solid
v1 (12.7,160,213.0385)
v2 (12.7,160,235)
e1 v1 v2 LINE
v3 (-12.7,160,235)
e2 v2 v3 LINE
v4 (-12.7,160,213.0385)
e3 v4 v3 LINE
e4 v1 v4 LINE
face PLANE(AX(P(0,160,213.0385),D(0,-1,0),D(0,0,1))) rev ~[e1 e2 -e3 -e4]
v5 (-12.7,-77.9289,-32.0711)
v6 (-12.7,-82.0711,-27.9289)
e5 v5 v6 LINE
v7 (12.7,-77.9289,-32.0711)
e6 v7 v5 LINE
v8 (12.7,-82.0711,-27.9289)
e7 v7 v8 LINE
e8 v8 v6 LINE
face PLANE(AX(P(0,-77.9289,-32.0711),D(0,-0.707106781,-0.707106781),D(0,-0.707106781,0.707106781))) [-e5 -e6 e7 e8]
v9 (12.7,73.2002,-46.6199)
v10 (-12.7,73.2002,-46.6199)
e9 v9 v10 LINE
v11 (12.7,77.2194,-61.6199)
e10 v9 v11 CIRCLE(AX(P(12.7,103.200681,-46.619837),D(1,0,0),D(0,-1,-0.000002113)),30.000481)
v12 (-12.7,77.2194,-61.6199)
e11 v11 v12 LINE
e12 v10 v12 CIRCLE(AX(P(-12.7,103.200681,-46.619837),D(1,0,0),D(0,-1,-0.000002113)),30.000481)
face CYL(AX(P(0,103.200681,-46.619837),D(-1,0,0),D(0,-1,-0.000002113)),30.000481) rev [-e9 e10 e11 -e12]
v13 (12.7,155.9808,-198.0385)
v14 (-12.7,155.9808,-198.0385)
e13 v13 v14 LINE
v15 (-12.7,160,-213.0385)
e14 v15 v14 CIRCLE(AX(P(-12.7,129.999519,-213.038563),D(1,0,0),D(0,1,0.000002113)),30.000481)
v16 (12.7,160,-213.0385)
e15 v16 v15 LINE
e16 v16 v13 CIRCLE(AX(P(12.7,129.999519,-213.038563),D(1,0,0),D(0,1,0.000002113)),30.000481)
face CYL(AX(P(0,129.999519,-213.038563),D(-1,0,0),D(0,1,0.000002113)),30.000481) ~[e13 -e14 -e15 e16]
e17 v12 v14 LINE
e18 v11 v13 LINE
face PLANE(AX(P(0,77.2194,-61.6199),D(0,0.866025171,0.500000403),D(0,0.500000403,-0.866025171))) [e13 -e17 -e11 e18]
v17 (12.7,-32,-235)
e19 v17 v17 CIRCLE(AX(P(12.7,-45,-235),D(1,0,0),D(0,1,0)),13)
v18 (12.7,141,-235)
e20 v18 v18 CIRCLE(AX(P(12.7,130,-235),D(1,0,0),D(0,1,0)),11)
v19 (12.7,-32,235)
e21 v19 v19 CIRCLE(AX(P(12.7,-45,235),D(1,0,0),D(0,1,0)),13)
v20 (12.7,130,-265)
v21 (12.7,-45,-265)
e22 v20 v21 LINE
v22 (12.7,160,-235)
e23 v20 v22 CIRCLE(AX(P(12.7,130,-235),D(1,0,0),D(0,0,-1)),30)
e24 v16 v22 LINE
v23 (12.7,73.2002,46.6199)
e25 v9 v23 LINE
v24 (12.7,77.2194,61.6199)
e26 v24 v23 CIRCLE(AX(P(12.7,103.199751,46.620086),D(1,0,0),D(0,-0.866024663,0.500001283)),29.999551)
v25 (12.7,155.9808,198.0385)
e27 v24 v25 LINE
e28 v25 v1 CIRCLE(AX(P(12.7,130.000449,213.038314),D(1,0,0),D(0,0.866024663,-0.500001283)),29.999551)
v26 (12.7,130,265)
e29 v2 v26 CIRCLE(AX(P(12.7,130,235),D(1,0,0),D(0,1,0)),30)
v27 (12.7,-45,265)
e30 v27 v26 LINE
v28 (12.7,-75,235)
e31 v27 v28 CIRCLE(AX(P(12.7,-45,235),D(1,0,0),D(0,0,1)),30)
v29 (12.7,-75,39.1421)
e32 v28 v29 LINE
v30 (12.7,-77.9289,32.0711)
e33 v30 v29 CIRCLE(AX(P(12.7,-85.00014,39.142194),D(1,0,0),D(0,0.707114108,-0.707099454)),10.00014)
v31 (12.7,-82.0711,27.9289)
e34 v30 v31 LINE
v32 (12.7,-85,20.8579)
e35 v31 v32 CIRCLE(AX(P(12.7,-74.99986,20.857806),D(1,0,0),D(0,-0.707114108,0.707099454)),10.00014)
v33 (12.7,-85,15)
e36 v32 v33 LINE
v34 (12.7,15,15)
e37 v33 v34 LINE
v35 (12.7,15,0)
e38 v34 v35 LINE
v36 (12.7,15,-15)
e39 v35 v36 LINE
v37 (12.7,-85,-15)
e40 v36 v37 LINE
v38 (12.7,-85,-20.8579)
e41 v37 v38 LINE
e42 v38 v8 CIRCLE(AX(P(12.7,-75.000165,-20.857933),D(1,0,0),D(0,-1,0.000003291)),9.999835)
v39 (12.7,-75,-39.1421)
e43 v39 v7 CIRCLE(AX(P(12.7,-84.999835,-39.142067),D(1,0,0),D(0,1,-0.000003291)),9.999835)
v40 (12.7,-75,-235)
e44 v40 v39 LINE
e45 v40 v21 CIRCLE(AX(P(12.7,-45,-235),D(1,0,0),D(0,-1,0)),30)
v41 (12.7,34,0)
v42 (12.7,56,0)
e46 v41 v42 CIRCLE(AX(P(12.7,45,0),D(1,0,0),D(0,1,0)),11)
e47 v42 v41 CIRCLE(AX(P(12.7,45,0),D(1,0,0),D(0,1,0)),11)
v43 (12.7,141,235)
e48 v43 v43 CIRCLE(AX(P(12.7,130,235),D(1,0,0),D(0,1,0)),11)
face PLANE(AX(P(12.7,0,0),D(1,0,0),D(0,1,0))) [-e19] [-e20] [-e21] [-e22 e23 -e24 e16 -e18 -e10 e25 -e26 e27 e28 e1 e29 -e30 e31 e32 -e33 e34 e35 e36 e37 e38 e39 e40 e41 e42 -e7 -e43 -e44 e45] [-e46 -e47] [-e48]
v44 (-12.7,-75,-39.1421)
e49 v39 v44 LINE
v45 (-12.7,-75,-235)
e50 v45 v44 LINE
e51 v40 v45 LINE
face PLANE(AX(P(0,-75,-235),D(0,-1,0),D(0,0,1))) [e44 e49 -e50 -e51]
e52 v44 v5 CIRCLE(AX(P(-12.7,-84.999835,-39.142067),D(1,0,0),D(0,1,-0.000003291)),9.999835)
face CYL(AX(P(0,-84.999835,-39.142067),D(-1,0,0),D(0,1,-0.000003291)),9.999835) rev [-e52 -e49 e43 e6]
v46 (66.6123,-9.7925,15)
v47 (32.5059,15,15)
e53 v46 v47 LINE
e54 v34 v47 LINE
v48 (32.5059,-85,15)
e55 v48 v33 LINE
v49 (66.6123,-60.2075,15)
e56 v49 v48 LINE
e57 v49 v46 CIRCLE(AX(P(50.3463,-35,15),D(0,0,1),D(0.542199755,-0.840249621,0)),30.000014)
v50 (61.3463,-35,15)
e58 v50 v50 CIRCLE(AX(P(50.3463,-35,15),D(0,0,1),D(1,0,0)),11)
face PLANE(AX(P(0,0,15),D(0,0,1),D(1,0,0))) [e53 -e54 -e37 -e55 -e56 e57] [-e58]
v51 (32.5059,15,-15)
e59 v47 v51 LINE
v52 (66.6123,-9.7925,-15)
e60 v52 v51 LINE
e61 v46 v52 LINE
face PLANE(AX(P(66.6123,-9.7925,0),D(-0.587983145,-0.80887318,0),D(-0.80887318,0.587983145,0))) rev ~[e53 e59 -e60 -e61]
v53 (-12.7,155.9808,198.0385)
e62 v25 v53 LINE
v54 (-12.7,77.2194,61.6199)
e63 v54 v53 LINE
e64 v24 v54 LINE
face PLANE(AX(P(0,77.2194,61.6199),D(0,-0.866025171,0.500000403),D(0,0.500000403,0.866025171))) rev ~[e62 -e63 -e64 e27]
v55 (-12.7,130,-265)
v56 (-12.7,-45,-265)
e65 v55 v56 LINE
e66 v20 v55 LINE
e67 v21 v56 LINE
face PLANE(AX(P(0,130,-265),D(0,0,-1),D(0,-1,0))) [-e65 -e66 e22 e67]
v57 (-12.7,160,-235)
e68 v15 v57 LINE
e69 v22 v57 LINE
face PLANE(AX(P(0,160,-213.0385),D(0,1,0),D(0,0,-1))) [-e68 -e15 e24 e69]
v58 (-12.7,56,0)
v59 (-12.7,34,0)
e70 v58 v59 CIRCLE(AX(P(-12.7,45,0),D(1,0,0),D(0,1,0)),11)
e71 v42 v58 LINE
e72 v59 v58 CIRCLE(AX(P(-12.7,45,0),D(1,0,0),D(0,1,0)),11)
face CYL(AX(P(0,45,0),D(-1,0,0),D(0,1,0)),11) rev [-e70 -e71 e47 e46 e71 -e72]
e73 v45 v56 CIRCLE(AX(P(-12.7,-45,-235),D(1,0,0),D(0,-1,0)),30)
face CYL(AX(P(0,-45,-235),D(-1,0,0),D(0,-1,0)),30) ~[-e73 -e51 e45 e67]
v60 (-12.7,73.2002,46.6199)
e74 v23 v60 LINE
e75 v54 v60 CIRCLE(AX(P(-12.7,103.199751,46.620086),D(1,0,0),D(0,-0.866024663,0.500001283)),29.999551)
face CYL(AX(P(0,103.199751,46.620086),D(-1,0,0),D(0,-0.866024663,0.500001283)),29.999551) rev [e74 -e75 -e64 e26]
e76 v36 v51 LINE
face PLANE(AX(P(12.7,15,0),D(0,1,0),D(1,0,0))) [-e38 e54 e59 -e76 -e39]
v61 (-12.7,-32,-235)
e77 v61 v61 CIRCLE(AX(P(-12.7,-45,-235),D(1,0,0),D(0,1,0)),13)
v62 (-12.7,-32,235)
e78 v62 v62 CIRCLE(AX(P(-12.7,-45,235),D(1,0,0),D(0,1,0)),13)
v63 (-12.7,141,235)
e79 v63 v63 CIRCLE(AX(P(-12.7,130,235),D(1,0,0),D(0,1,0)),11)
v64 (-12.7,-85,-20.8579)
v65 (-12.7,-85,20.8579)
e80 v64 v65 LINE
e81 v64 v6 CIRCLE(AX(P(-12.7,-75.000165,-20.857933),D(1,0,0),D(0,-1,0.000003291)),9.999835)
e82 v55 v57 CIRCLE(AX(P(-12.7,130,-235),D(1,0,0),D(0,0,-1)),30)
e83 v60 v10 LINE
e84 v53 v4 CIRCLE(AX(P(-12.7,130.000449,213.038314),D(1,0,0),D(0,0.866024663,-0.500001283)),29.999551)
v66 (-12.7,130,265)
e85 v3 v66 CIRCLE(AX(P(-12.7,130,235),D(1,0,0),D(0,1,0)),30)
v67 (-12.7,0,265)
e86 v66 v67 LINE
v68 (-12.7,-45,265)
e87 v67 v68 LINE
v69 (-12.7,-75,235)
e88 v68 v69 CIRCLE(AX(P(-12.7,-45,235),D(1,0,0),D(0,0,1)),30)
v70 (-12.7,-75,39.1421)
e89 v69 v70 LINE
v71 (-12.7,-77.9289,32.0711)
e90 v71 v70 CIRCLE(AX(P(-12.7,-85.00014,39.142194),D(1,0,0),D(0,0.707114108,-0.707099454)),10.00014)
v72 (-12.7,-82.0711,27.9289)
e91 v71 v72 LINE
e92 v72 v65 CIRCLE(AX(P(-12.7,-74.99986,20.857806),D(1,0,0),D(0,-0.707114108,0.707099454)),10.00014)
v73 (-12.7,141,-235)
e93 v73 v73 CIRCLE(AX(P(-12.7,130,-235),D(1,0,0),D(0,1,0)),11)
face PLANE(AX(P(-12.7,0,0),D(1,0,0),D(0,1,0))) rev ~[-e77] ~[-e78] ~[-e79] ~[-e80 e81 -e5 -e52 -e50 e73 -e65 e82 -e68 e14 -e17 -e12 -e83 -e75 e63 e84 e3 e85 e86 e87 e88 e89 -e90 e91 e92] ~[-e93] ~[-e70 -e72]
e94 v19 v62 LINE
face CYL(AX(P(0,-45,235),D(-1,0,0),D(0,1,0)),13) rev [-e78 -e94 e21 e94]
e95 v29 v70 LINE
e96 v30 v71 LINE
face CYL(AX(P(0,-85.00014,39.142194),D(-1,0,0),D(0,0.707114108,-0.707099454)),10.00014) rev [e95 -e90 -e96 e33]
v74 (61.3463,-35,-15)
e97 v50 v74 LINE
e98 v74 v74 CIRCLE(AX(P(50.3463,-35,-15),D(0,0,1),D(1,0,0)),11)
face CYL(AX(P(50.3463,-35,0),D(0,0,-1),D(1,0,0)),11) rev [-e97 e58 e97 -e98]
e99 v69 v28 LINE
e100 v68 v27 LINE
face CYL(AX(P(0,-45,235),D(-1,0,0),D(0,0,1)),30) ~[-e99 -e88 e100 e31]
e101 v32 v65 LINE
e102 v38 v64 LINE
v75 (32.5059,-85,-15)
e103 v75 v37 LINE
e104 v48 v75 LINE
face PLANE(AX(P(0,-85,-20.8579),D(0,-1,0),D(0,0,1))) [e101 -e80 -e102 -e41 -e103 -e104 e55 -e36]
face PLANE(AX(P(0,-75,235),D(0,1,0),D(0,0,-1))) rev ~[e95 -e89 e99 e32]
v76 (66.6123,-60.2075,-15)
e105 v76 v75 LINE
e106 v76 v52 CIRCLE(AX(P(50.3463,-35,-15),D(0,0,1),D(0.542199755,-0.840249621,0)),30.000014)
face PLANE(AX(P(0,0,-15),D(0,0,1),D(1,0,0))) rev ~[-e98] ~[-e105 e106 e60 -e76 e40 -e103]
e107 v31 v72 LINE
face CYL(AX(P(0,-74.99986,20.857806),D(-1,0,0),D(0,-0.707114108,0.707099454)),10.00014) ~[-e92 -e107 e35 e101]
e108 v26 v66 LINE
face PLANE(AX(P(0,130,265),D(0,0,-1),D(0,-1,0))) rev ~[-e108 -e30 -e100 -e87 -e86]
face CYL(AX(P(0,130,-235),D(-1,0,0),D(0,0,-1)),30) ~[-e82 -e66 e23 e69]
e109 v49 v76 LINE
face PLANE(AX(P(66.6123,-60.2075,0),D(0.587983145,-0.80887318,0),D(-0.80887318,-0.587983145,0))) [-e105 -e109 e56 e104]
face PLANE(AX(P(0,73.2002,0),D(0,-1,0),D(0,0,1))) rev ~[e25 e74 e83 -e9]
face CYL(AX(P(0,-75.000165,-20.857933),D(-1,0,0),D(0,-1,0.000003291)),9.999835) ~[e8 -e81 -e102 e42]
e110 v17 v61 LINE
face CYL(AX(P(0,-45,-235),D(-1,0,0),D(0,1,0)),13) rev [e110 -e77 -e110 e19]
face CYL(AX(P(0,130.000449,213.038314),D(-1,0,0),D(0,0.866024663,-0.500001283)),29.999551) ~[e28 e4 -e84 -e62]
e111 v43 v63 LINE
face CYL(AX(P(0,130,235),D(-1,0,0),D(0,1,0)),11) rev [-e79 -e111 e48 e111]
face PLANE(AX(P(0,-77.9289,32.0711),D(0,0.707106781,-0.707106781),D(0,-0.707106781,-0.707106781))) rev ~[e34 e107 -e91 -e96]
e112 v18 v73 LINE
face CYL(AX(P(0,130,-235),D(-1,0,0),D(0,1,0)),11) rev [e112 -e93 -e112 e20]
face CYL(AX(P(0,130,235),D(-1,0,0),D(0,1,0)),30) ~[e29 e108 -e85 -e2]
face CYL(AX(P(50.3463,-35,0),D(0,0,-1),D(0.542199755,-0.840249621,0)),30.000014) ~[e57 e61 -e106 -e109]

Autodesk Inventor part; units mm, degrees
ref_plane "YZ Plane" through (0, 0, 0) normal (1, 0, 0) x (0, 1, 0)
ref_plane "XZ Plane" through (0, 0, 0) normal (0, 1, 0) x (-1, 0, 0)
ref_plane "XY Plane" through (0, 0, 0) normal (0, 0, 1) x (1, 0, 0)
sketch "Sketch1" plane through (0, 0, 0) normal (1, 0, 0) x (0, 1, 0)
  circle A0 centre (45, 0) radius 11
  line L0 (45, 0) -> (0, 0)
  circle A1 centre (130, 235) radius 11
  line L1 (73.2002, 0) -> (73.2002, 46.6199)
  line L2 (77.2194, 61.6199) -> (155.9808, 198.0385)
  line L3 (160, 213.0385) -> (160, 235)
  arc A2 (160, 235) -> (130, 265) centre (130, 235) ccw
  line L4 (130, 235) -> (130, 265) construction
  line L5 (130, 235) -> (160, 235) construction
  line L6 (130, 265) -> (-45, 265)
  line L7 (0, 0) -> (0, 265)
  circle A3 centre (-45, 235) radius 13
  arc A4 (-45, 265) -> (-75, 235) centre (-45, 235) ccw
  line L8 (-45, 235) -> (-75, 235) construction
  line L9 (-45, 235) -> (-45, 265) construction
  line L10 (-75, 235) -> (-75, 39.1421)
  line L11 (0, 0) -> (-45, 0)
  circle A5 centre (130, -235) radius 11
  line L12 (73.2002, 0) -> (73.2002, -46.6199)
  line L13 (77.2194, -61.6199) -> (155.9808, -198.0385)
  line L14 (160, -213.0385) -> (160, -235)
  arc A6 (130, -265) -> (160, -235) centre (130, -235) ccw
  line L15 (130, -265) -> (-45, -265)
  circle A7 centre (-45, -235) radius 13
  arc A8 (-75, -235) -> (-45, -265) centre (-45, -235) ccw
  line L16 (-45, -235) -> (-75, -235) construction
  line L17 (-75, -235) -> (-75, -39.1421)
  arc A9 (155.9808, 198.0385) -> (160, 213.0385) centre (130, 213.0385) ccw
  arc A10 (77.2194, 61.6199) -> (73.2002, 46.6199) centre (103.2002, 46.6199) ccw
  arc A11 (73.2002, -46.6199) -> (77.2194, -61.6199) centre (103.2002, -46.6199) ccw
  arc A12 (160, -213.0385) -> (155.9808, -198.0385) centre (130, -213.0385) ccw
  line L18 (-77.9289, 32.0711) -> (-82.0711, 27.9289)
  line L19 (-85, 20.8579) -> (-85, 0)
  line L20 (-77.9289, -32.0711) -> (-82.0711, -27.9289)
  line L21 (-85, -20.8579) -> (-85, 0)
  arc A13 (-77.9289, 32.0711) -> (-75, 39.1421) centre (-85, 39.1421) ccw
  arc A14 (-82.0711, 27.9289) -> (-85, 20.8579) centre (-75, 20.8579) ccw
  arc A15 (-85, -20.8579) -> (-82.0711, -27.9289) centre (-75, -20.8579) ccw
  arc A16 (-75, -39.1421) -> (-77.9289, -32.0711) centre (-85, -39.1421) ccw
  point P0 (73.2002, 54.6584)
  point P1 (160, 205)
  point P2 (-75, -35)
  point P3 (48.2002, -10.5242)
  point P4 (73.2002, -54.6584)
  point P5 (160, -205)
  point P6 (-85, 25)
  point P7 (-75, 35)
  point P8 (-85, -25)
  dimension "d0" = 22
  dimension "d1" = 22
  dimension "d2" = 470
  dimension "d3" = 90
  dimension "d7" = 30
  dimension "d8" = 26
  dimension "d9" = 90
  dimension "d11" = 25
  dimension "d12" = 85
  dimension "d13" = 90
  dimension "d14" = 30
  dimension "d15" = 30
  dimension "d16" = 30
  dimension "d19" = 45
  dimension "d20" = 40
  dimension "d21" = 50
  dimension "d22" = 10
extrude "Extrusion1" add sketch "Sketch1" along normal mid plane 25.4
sketch "Sketch2" plane through (0, 0, 0) normal (0, 0, 1) x (1, 0, 0)
  line L0 (12.7, -45) -> (12.7, 130) projected
  line L1 (12.7, -85) -> (12.7, -82.0711) projected
  line L2 (12.7, -85) -> (12.7, 15)
  circle A0 centre (50.3463, -35) radius 11
  line L3 (12.7, 15) -> (32.5059, 15)
  line L4 (32.5059, 15) -> (53.1062, 15) construction
  arc A1 (66.6123, -60.2075) -> (66.6123, -9.7925) centre (50.3463, -35) ccw
  line L5 (66.6123, -9.7925) -> (32.5059, 15)
  line L6 (66.6123, -60.2075) -> (32.5059, -85)
  line L7 (32.5059, -85) -> (12.7, -85)
  point P0 (0, 0)
  dimension "d23" = 100
  dimension "d24" = 22
  dimension "d26" = 60
extrude "Extrusion2" add sketch "Sketch2" along normal mid plane 30
properties part number "Balancim_3-Cabos_Modelo2"
